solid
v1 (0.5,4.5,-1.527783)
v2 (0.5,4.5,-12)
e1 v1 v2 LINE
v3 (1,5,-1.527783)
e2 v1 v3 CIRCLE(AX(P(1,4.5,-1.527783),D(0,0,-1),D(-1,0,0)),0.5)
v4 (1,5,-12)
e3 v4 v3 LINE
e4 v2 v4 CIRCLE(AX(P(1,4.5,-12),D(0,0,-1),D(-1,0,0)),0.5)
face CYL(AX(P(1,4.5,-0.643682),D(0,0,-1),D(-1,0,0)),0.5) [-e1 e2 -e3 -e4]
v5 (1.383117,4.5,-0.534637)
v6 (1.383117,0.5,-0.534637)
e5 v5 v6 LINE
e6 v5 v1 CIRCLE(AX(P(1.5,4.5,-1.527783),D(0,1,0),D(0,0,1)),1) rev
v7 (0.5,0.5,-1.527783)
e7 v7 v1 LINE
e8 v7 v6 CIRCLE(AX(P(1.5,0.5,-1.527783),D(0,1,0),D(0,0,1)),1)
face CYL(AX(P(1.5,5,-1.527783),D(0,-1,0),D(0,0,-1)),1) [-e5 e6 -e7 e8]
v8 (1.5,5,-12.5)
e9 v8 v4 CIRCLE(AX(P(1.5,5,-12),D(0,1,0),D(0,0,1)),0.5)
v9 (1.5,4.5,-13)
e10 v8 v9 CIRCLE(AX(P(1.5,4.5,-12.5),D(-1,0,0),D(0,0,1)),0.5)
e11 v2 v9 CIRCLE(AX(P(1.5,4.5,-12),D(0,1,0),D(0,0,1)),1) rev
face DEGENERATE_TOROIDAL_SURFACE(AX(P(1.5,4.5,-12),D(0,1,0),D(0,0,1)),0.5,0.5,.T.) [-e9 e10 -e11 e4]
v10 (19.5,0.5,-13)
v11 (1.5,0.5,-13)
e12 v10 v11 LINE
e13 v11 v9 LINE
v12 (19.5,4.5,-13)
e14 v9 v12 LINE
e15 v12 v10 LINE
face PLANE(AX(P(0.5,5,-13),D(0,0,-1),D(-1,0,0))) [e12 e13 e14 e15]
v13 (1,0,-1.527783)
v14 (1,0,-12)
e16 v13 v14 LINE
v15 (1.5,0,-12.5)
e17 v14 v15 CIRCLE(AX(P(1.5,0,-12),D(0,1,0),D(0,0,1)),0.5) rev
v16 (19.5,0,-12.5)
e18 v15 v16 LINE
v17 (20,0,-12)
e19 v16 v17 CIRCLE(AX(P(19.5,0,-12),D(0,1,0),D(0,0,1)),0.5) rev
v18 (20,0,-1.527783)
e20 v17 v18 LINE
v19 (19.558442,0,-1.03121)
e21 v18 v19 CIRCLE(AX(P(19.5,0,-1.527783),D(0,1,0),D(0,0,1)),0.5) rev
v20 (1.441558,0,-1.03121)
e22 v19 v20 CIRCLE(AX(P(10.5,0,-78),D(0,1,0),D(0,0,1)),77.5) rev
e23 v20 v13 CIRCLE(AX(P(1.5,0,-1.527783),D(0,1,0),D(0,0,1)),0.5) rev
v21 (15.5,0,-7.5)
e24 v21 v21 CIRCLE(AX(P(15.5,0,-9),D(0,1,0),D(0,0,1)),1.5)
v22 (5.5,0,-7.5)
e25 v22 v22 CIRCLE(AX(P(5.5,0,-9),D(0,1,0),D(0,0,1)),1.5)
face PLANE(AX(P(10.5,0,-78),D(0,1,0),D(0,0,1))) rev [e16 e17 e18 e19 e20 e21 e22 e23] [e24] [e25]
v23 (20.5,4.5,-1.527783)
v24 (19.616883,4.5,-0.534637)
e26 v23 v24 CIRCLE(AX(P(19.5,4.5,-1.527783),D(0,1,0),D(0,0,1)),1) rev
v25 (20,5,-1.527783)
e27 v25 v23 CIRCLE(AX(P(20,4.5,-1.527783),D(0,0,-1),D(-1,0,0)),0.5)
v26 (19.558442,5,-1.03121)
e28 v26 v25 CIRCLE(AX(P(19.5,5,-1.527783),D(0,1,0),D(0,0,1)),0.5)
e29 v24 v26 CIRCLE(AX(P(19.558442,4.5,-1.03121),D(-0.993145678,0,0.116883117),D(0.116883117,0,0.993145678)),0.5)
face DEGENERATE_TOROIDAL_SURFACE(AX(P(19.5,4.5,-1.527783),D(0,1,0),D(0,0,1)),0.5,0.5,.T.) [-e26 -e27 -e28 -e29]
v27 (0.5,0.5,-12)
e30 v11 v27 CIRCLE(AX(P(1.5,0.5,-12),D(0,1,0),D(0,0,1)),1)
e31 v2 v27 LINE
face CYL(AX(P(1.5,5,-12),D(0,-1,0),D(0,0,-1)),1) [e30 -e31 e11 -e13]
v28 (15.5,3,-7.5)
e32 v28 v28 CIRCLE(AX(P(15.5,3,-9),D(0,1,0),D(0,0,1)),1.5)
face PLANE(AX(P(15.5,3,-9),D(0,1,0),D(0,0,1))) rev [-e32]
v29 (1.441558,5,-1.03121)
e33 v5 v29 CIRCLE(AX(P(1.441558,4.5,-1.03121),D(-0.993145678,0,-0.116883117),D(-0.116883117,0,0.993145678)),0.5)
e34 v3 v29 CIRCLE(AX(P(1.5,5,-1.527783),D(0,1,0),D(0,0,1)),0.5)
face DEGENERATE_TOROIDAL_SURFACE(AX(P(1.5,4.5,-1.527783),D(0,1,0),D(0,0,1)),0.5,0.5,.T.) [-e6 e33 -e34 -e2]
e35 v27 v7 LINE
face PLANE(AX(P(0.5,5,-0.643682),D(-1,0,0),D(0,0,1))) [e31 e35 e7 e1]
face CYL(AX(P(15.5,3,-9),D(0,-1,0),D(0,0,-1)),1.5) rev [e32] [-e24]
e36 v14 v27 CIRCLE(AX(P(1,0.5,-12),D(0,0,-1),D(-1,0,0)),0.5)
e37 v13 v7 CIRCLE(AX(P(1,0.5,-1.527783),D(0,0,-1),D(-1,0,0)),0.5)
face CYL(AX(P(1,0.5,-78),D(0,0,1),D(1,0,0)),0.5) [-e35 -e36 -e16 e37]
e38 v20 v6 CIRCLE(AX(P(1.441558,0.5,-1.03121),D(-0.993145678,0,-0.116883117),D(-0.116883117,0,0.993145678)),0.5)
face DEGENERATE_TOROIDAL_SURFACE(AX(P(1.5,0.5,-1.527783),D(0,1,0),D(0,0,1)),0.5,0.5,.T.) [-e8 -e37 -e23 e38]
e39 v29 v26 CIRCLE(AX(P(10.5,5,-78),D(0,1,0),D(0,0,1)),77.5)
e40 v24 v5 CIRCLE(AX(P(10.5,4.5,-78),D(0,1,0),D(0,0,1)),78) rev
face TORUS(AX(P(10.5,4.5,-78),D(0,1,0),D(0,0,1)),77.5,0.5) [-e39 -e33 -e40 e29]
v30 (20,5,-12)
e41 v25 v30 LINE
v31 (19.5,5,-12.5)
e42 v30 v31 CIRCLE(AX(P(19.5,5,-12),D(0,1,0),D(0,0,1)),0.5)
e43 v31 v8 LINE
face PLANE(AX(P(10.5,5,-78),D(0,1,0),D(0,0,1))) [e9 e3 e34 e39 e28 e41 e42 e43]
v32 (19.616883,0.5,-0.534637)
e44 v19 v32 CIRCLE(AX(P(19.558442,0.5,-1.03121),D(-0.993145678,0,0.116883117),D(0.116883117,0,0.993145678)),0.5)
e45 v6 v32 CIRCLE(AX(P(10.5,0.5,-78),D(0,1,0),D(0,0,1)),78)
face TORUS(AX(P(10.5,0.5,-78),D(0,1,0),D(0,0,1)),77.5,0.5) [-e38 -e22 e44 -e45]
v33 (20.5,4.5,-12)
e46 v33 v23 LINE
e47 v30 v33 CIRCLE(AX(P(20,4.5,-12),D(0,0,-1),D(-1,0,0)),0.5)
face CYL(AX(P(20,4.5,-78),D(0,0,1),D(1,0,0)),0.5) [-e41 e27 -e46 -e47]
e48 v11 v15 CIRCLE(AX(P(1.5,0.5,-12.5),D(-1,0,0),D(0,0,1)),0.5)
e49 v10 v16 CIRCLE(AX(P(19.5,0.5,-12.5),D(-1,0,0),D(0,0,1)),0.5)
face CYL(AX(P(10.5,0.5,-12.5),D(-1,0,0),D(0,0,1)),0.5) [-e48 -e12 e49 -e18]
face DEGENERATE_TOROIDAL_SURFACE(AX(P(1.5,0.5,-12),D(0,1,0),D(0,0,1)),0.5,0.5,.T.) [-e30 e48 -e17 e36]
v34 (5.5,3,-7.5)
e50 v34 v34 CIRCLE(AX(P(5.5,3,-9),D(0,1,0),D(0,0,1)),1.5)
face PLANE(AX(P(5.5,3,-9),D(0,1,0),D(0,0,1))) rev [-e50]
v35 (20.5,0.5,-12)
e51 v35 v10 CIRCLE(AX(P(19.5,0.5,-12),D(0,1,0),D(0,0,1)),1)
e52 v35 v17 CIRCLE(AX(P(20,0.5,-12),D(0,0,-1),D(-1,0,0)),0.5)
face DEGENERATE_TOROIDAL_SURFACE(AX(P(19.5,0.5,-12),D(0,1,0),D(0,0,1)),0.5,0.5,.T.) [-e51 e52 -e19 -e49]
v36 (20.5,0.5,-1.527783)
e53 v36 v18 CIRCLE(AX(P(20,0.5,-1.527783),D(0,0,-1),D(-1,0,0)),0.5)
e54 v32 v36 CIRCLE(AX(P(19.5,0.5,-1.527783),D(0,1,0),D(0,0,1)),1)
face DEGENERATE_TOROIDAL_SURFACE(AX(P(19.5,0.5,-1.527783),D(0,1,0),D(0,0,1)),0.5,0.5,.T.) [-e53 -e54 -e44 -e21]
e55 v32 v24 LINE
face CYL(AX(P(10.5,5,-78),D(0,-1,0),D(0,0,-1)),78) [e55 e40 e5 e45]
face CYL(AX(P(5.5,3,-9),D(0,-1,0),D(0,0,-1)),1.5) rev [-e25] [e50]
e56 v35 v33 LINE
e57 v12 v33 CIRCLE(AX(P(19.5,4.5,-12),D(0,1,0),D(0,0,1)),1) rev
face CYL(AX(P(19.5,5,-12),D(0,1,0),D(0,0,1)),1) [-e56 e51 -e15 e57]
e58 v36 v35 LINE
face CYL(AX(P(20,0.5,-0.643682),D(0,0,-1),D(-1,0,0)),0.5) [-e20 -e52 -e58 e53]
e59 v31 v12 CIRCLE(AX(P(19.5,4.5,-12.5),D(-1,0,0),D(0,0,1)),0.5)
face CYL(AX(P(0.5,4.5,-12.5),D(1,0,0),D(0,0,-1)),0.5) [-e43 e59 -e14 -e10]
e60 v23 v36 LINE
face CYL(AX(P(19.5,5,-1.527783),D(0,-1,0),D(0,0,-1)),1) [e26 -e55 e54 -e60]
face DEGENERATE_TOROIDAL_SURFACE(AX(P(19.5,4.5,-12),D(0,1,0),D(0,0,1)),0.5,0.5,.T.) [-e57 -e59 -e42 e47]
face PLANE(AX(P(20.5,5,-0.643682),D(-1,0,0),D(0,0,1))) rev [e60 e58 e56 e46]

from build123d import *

# Parameters (mm, degrees)
BOSS_EXTRUDE1_DEPTH = 5
SKETCH1_3_R         = 1.5
CUT_EXTRUDE1_DEPTH  = 3
FILLET1_R           = 1
FILLET2_R           = 0.5


with BuildPart() as part:
    # Sketch1 → Boss-Extrude1 (new body)
    with BuildSketch(Plane(origin=(0, 0, 0), x_dir=(1, 0, 0), z_dir=(0, 1, 0))):
        with BuildLine():
            Line((0.5, 0.643681577), (0.5, 13))
            Line((0.5, 13), (20.5, 13))
            Line((20.5, 13), (20.5, 0.643681577))
            ThreePointArc((20.5, 0.643681577), (10.5, 0), (0.5, 0.643681577))
        make_face()
    extrude(amount=BOSS_EXTRUDE1_DEPTH)

    # Sketch1<3> → Cut-Extrude1 (cut)
    with BuildSketch(Plane(origin=(0, 0, 0), x_dir=(1, 0, 0), z_dir=(0, 1, 0))):
        with Locations((5.5, 9)):
            Circle(SKETCH1_3_R)
        with Locations((15.5, 9)):
            Circle(SKETCH1_3_R)
    extrude(amount=CUT_EXTRUDE1_DEPTH, mode=Mode.SUBTRACT)

    # Fillet1
    fillet1_edges = [part.edges().sort_by_distance(p)[0] for p in [
        (20.5, 2.5, -13),
        (0.5, 2.5, -13),
        (20.5, 2.5, -0.643681577),
        (0.5, 2.5, -0.643681577),
    ]]
    fillet(fillet1_edges, radius=FILLET1_R)

    # Fillet2
    fillet2_edges = [part.edges().sort_by_distance(p)[0] for p in [
        (0.792893219, 0, -12.707106781),
        (0.5, 0, -6.763891411),
        (20.5, 0, -6.763891411),
        (20.207106781, 0, -12.707106781),
        (0.792893219, 5, -12.707106781),
        (0.5, 5, -6.763891411),
        (20.5, 5, -6.763891411),
        (20.207106781, 5, -12.707106781),
        (10.5, 0, -13),
        (10.5, 5, -13),
        (0.752710526, 0, -0.863284184),
        (10.5, 0, 0),
        (20.247289474, 0, -0.863284184),
        (0.752710526, 5, -0.863284184),
        (10.5, 5, 0),
        (20.247289474, 5, -0.863284184),
    ]]
    fillet(fillet2_edges, radius=FILLET2_R)


solid = part.part
